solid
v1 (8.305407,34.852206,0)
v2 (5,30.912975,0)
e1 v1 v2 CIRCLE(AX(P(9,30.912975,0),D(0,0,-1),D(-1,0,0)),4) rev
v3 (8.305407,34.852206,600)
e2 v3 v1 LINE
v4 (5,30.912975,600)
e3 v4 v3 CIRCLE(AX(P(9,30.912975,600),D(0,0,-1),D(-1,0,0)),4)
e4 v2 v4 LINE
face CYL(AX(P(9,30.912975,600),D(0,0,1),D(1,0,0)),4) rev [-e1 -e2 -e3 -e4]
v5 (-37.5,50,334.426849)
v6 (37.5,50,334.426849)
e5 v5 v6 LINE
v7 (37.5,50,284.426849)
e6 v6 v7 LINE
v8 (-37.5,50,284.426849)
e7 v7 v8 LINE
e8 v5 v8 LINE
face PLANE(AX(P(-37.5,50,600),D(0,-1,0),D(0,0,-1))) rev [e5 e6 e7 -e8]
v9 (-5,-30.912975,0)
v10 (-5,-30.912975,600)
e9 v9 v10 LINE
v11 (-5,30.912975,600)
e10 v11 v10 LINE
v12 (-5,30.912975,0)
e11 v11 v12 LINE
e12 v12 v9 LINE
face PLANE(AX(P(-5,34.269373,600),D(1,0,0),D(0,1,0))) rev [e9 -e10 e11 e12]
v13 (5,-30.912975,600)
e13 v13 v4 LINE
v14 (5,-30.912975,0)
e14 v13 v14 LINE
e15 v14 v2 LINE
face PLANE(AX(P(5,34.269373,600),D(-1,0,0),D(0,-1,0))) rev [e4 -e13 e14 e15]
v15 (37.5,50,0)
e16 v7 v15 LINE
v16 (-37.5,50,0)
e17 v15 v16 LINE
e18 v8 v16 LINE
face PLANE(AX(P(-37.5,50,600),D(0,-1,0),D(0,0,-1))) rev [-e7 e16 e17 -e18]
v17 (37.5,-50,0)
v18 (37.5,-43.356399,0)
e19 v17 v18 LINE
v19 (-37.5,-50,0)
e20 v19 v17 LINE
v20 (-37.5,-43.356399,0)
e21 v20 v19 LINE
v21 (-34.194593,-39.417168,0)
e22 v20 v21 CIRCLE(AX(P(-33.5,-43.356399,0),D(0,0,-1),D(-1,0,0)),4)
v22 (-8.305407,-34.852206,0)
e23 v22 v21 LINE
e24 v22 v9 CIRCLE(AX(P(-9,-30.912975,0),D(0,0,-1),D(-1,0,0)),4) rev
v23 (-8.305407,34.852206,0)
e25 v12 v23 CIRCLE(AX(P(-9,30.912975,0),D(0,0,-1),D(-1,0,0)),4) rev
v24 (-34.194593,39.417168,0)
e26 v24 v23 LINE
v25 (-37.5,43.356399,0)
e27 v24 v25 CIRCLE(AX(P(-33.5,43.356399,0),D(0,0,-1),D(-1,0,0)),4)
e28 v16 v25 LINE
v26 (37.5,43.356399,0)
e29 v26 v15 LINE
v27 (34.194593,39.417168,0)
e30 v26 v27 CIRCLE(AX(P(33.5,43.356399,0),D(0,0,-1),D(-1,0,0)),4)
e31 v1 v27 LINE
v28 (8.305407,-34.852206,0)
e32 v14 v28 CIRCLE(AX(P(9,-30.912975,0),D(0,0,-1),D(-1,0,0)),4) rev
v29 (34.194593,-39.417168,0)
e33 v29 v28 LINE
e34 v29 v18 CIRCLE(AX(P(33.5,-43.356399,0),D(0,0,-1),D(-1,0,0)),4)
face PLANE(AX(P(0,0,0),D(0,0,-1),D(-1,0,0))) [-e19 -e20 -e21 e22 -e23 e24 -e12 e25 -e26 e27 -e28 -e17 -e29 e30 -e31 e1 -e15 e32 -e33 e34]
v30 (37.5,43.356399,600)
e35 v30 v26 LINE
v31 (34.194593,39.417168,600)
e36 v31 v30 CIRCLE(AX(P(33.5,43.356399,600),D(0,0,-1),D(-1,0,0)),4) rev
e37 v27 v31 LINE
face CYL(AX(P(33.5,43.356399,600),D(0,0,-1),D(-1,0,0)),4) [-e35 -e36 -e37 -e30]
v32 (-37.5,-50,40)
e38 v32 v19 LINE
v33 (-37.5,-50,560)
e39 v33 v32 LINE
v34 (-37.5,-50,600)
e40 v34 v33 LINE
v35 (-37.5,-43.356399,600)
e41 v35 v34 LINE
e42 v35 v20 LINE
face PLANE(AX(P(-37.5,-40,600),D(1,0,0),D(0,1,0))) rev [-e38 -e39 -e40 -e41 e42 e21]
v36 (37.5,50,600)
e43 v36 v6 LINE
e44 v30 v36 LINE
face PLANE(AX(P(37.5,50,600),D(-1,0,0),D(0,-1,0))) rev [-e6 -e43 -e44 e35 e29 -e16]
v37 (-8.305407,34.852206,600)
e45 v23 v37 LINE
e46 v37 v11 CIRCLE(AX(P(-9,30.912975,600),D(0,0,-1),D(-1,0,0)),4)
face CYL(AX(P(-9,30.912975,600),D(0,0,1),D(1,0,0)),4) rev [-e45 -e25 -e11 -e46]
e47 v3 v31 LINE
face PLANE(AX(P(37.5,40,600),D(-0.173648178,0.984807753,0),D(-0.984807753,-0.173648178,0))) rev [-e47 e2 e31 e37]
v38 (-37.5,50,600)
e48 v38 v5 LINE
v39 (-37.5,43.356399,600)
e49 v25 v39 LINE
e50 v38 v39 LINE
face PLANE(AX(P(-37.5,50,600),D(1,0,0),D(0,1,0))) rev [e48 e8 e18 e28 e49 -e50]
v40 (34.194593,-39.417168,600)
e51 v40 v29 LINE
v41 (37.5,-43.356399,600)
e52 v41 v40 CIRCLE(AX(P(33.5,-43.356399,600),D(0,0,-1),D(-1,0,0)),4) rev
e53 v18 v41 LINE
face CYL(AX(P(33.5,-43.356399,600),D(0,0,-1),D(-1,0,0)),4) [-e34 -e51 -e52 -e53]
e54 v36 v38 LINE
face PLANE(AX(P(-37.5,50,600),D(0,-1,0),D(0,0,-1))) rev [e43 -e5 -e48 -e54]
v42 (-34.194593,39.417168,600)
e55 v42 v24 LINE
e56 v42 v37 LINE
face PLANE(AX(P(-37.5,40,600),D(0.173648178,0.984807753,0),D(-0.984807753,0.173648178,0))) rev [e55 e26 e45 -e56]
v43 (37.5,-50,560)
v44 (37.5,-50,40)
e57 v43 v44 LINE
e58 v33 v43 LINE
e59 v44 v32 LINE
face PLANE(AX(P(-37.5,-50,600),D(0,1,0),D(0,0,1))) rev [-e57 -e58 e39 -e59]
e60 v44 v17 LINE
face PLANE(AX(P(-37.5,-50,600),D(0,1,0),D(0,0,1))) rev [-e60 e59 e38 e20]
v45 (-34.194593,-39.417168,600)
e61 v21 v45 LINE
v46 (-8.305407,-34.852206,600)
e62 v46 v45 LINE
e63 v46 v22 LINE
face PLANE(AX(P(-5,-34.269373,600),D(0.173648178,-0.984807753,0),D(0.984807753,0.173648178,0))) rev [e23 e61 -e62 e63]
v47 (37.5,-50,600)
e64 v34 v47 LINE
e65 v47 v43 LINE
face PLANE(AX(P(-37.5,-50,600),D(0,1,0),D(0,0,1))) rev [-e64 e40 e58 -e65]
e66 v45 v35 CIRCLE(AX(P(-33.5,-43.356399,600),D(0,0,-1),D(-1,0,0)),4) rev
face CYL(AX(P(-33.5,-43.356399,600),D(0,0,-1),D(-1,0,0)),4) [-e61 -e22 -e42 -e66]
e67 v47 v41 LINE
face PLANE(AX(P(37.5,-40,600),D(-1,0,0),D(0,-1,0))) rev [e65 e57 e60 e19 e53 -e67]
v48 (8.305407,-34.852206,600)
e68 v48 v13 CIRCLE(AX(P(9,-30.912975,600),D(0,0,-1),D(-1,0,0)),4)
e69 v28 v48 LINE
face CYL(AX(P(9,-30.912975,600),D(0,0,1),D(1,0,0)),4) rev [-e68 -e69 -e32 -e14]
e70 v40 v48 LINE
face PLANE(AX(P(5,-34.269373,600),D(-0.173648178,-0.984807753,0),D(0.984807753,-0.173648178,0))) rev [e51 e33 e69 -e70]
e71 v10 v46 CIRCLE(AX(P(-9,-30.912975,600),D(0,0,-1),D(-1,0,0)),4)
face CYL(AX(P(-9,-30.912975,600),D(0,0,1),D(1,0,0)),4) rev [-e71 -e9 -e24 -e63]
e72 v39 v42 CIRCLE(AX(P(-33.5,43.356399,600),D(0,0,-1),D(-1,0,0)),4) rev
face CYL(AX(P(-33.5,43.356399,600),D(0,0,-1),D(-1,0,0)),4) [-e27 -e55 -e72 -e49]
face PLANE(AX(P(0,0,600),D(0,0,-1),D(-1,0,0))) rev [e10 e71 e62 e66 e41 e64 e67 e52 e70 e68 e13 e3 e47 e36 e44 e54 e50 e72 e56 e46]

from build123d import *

# Parameters (mm, degrees)
BOSS_EXTRUDE1_DEPTH = 600
FILLET1_R           = 4


with BuildPart() as part:
    # Sketch2 → Boss-Extrude1 (new body)
    with BuildSketch(Plane.XY):
        Polygon((37.5, 50), (37.5, 40), (5, 34.269373127), (5, -34.269373127), (37.5, -40), (37.5, -50), (-37.5, -50), (-37.5, -40), (-5, -34.269373127), (-5, 34.269373127), (-37.5, 40), (-37.5, 50), align=None)
    extrude(amount=BOSS_EXTRUDE1_DEPTH)

    # Fillet1
    fillet1_edges = [part.edges().sort_by_distance(p)[0] for p in [
        (37.5, 40, 300),
        (5, 34.269373127, 300),
        (5, -34.269373127, 300),
        (37.5, -40, 300),
        (-37.5, -40, 300),
        (-5, -34.269373127, 300),
        (-5, 34.269373127, 300),
        (-37.5, 40, 300),
    ]]
    fillet(fillet1_edges, radius=FILLET1_R)


solid = part.part
